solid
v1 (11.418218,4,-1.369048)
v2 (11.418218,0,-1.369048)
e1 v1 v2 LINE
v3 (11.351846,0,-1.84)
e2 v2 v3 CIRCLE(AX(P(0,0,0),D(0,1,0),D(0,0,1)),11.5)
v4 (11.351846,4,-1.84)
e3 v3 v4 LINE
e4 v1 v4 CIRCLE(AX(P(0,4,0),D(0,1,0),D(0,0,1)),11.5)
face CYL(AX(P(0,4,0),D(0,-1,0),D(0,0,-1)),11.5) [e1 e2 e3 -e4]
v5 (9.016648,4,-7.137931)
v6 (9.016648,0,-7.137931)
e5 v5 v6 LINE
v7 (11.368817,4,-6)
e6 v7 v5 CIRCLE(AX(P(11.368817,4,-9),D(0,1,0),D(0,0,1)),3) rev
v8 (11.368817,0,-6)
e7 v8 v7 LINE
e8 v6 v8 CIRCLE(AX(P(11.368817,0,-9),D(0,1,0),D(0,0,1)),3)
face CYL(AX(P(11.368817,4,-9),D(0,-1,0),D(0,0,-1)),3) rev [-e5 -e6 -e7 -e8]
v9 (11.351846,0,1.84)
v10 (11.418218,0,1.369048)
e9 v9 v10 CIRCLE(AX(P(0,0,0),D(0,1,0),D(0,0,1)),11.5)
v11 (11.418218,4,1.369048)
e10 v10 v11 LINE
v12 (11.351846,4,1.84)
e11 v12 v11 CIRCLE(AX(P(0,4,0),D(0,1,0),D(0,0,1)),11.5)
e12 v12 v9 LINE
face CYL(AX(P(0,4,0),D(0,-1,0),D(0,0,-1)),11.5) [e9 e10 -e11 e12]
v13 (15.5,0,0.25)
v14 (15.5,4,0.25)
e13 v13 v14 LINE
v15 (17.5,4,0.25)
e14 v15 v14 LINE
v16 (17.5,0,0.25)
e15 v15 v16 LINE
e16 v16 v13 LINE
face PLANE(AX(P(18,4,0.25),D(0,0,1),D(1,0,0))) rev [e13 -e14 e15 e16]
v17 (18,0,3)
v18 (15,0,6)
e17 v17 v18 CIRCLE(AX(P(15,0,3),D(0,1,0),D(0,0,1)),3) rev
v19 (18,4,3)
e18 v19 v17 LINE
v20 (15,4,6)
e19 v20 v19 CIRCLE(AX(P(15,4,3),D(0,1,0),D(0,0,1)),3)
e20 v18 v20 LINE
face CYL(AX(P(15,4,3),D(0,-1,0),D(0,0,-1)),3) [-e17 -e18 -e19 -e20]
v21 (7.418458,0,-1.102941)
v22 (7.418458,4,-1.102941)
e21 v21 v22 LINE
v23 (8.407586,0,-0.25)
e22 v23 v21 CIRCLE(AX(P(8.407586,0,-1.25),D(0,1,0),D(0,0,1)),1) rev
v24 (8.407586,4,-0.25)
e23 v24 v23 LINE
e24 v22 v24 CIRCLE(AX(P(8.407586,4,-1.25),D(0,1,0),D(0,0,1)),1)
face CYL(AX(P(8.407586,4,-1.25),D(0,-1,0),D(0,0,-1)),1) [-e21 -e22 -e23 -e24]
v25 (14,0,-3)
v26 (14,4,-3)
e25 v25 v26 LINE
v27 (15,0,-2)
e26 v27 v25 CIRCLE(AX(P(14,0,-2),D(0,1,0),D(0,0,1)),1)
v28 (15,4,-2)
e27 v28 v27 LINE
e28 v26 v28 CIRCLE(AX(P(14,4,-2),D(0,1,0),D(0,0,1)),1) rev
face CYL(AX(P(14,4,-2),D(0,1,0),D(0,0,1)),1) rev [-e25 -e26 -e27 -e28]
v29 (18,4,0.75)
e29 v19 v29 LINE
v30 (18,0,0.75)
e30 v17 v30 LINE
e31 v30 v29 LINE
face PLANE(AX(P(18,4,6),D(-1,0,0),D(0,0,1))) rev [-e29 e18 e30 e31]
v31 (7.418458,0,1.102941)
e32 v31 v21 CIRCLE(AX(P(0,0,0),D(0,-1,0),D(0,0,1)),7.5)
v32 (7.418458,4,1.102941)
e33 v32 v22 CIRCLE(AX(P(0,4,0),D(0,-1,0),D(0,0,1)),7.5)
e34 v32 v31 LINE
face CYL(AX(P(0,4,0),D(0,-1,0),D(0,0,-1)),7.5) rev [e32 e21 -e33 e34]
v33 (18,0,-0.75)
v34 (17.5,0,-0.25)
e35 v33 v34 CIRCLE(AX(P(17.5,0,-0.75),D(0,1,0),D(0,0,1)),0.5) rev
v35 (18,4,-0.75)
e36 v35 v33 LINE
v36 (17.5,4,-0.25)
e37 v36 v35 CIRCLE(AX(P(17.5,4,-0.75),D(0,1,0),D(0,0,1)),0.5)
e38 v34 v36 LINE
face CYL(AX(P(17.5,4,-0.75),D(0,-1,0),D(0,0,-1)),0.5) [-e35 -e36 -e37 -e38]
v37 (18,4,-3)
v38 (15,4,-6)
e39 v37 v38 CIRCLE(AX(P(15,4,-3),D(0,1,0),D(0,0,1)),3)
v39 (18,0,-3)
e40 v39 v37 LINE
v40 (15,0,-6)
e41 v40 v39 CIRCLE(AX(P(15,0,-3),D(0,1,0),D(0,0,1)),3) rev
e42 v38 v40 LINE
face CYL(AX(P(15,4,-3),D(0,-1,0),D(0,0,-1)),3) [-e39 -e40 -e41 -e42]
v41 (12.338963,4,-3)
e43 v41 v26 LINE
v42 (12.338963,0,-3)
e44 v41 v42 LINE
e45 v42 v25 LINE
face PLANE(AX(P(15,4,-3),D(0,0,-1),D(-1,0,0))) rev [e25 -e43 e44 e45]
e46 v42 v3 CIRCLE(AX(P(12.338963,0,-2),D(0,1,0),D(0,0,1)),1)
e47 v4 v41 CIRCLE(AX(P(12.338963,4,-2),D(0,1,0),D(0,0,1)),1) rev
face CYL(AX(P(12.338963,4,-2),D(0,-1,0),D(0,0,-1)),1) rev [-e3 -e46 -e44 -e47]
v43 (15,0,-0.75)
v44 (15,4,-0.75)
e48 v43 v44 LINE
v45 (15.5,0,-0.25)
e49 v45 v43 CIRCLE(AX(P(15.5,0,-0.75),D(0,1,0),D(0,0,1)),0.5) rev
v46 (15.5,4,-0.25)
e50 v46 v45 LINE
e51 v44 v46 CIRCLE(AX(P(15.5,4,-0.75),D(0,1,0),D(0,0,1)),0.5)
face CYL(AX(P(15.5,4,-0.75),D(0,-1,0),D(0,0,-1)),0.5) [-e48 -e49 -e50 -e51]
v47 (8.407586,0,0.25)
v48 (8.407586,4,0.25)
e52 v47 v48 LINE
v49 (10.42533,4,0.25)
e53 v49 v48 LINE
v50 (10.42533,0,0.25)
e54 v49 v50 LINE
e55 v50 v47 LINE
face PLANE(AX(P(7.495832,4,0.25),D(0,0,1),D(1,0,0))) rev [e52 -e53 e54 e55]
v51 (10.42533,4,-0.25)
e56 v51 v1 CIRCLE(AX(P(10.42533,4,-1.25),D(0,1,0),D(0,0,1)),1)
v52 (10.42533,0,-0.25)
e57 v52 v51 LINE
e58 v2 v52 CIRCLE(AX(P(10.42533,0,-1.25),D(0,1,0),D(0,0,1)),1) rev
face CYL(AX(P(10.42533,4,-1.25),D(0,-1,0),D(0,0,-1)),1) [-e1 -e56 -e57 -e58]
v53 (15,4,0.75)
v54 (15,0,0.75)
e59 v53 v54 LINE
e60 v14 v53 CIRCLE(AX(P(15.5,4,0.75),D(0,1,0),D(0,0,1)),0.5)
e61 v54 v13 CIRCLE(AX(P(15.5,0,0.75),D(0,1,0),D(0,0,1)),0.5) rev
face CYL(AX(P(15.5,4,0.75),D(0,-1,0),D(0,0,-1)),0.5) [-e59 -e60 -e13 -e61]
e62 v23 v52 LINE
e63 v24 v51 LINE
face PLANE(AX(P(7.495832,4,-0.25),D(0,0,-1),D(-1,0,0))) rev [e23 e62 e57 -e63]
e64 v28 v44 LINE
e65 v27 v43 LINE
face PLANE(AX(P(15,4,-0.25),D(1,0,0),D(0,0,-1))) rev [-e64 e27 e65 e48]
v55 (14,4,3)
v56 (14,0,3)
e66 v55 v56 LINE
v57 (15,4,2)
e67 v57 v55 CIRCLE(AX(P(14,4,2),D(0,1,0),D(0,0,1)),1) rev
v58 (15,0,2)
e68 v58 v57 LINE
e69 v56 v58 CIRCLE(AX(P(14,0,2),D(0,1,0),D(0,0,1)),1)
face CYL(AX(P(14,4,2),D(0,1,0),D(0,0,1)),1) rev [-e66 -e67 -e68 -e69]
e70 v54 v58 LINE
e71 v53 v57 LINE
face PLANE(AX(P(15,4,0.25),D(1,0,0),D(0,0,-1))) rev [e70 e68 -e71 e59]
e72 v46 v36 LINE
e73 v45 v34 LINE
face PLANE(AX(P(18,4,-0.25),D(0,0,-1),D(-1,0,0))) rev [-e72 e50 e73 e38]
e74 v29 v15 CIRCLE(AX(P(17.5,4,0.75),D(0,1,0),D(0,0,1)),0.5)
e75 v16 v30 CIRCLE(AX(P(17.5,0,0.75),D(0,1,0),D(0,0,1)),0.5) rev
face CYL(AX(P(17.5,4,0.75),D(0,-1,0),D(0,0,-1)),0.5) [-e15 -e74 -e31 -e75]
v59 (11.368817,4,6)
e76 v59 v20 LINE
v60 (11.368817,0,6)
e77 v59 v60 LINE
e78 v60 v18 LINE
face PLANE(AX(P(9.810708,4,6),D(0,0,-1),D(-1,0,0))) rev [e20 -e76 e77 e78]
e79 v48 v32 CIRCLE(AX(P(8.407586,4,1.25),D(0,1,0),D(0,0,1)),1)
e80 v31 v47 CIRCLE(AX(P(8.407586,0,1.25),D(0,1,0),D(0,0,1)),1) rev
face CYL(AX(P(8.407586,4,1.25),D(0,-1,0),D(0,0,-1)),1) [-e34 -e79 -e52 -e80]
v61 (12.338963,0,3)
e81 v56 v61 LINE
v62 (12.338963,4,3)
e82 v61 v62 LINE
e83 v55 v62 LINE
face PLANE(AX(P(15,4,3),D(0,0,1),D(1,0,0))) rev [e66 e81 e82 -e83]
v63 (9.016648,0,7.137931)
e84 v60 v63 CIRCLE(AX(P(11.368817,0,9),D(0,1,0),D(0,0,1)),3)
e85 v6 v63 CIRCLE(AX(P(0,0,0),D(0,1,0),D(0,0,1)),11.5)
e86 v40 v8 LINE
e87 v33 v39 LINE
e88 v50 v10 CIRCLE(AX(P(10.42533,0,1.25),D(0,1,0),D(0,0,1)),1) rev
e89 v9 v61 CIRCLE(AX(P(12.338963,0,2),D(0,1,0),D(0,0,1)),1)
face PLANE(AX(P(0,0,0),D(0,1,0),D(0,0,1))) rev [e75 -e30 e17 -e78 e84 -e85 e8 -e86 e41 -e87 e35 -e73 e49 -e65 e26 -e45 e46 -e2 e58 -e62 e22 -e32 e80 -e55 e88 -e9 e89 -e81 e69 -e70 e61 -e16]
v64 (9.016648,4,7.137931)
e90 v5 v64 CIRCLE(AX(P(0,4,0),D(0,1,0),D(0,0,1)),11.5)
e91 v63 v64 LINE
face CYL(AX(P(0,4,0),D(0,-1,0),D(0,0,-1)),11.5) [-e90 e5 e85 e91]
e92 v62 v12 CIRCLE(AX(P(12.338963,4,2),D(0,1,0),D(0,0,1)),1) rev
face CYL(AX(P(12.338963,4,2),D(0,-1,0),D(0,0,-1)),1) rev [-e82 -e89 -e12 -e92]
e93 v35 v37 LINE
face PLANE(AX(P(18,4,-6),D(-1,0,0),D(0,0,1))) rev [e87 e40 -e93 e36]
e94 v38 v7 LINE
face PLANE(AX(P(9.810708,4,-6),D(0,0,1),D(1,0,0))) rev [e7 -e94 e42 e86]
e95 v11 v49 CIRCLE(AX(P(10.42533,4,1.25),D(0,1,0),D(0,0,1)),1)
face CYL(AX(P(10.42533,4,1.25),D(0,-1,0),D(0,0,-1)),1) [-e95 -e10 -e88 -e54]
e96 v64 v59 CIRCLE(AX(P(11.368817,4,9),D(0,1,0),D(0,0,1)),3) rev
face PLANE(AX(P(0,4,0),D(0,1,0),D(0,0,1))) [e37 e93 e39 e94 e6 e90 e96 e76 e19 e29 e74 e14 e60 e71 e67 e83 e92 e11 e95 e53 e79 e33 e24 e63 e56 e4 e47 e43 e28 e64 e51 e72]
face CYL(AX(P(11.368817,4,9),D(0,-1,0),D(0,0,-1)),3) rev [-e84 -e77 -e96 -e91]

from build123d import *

# Parameters (mm, degrees)
BOSS_EXTRUDE1_DEPTH = 4
FILLET1_R           = 1
FILLET2_R           = 1
FILLET3_R           = 0.5
FILLET4_R           = 3


with BuildPart() as part:
    # Sketch1 → Boss-Extrude1 (new body)
    with BuildSketch(Plane(origin=(0, 0, 0), x_dir=(1, 0, 0), z_dir=(0, 1, 0))):
        with BuildLine():
            Line((9.810708435, 6), (18, 6))
            Line((18, 6), (18, 0.25))
            Line((18, 0.25), (15, 0.25))
            Line((15, 0.25), (15, 3))
            Line((15, 3), (11.101801656, 3))
            ThreePointArc((11.101801656, 3), (11.38289391, 1.636986937), (11.497282288, 0.25))
            Line((11.497282288, 0.25), (7.495832175, 0.25))
            ThreePointArc((7.495832175, 0.25), (-7.5, 0), (7.495832175, -0.25))
            Line((7.495832175, -0.25), (11.497282288, -0.25))
            ThreePointArc((11.497282288, -0.25), (11.38289391, -1.636986937), (11.101801656, -3))
            Line((11.101801656, -3), (15, -3))
            Line((15, -3), (15, -0.25))
            Line((15, -0.25), (18, -0.25))
            Line((18, -0.25), (18, -6))
            Line((18, -6), (9.810708435, -6))
            ThreePointArc((9.810708435, -6), (-11.5, 0), (9.810708435, 6))
        make_face()
    extrude(amount=BOSS_EXTRUDE1_DEPTH)

    # Fillet1
    fillet1_edges = [part.edges().sort_by_distance(p)[0] for p in [
        (11.497282288, 2, -0.25),
        (7.495832175, 2, -0.25),
        (7.495832175, 2, 0.25),
        (11.497282288, 2, 0.25),
    ]]
    fillet(fillet1_edges, radius=FILLET1_R)

    # Fillet2
    fillet2_edges = [part.edges().sort_by_distance(p)[0] for p in [
        (15, 2, -3),
        (11.101801656, 2, -3),
        (11.101801656, 2, 3),
        (15, 2, 3),
    ]]
    fillet(fillet2_edges, radius=FILLET2_R)

    # Fillet3
    fillet3_edges = [part.edges().sort_by_distance(p)[0] for p in [
        (18, 2, -0.25),
        (15, 2, -0.25),
        (15, 2, 0.25),
        (18, 2, 0.25),
    ]]
    fillet(fillet3_edges, radius=FILLET3_R)

    # Fillet4
    fillet4_edges = [part.edges().sort_by_distance(p)[0] for p in [
        (9.810708435, 2, -6),
        (18, 2, -6),
        (18, 2, 6),
        (9.810708435, 2, 6),
    ]]
    fillet(fillet4_edges, radius=FILLET4_R)


solid = part.part
